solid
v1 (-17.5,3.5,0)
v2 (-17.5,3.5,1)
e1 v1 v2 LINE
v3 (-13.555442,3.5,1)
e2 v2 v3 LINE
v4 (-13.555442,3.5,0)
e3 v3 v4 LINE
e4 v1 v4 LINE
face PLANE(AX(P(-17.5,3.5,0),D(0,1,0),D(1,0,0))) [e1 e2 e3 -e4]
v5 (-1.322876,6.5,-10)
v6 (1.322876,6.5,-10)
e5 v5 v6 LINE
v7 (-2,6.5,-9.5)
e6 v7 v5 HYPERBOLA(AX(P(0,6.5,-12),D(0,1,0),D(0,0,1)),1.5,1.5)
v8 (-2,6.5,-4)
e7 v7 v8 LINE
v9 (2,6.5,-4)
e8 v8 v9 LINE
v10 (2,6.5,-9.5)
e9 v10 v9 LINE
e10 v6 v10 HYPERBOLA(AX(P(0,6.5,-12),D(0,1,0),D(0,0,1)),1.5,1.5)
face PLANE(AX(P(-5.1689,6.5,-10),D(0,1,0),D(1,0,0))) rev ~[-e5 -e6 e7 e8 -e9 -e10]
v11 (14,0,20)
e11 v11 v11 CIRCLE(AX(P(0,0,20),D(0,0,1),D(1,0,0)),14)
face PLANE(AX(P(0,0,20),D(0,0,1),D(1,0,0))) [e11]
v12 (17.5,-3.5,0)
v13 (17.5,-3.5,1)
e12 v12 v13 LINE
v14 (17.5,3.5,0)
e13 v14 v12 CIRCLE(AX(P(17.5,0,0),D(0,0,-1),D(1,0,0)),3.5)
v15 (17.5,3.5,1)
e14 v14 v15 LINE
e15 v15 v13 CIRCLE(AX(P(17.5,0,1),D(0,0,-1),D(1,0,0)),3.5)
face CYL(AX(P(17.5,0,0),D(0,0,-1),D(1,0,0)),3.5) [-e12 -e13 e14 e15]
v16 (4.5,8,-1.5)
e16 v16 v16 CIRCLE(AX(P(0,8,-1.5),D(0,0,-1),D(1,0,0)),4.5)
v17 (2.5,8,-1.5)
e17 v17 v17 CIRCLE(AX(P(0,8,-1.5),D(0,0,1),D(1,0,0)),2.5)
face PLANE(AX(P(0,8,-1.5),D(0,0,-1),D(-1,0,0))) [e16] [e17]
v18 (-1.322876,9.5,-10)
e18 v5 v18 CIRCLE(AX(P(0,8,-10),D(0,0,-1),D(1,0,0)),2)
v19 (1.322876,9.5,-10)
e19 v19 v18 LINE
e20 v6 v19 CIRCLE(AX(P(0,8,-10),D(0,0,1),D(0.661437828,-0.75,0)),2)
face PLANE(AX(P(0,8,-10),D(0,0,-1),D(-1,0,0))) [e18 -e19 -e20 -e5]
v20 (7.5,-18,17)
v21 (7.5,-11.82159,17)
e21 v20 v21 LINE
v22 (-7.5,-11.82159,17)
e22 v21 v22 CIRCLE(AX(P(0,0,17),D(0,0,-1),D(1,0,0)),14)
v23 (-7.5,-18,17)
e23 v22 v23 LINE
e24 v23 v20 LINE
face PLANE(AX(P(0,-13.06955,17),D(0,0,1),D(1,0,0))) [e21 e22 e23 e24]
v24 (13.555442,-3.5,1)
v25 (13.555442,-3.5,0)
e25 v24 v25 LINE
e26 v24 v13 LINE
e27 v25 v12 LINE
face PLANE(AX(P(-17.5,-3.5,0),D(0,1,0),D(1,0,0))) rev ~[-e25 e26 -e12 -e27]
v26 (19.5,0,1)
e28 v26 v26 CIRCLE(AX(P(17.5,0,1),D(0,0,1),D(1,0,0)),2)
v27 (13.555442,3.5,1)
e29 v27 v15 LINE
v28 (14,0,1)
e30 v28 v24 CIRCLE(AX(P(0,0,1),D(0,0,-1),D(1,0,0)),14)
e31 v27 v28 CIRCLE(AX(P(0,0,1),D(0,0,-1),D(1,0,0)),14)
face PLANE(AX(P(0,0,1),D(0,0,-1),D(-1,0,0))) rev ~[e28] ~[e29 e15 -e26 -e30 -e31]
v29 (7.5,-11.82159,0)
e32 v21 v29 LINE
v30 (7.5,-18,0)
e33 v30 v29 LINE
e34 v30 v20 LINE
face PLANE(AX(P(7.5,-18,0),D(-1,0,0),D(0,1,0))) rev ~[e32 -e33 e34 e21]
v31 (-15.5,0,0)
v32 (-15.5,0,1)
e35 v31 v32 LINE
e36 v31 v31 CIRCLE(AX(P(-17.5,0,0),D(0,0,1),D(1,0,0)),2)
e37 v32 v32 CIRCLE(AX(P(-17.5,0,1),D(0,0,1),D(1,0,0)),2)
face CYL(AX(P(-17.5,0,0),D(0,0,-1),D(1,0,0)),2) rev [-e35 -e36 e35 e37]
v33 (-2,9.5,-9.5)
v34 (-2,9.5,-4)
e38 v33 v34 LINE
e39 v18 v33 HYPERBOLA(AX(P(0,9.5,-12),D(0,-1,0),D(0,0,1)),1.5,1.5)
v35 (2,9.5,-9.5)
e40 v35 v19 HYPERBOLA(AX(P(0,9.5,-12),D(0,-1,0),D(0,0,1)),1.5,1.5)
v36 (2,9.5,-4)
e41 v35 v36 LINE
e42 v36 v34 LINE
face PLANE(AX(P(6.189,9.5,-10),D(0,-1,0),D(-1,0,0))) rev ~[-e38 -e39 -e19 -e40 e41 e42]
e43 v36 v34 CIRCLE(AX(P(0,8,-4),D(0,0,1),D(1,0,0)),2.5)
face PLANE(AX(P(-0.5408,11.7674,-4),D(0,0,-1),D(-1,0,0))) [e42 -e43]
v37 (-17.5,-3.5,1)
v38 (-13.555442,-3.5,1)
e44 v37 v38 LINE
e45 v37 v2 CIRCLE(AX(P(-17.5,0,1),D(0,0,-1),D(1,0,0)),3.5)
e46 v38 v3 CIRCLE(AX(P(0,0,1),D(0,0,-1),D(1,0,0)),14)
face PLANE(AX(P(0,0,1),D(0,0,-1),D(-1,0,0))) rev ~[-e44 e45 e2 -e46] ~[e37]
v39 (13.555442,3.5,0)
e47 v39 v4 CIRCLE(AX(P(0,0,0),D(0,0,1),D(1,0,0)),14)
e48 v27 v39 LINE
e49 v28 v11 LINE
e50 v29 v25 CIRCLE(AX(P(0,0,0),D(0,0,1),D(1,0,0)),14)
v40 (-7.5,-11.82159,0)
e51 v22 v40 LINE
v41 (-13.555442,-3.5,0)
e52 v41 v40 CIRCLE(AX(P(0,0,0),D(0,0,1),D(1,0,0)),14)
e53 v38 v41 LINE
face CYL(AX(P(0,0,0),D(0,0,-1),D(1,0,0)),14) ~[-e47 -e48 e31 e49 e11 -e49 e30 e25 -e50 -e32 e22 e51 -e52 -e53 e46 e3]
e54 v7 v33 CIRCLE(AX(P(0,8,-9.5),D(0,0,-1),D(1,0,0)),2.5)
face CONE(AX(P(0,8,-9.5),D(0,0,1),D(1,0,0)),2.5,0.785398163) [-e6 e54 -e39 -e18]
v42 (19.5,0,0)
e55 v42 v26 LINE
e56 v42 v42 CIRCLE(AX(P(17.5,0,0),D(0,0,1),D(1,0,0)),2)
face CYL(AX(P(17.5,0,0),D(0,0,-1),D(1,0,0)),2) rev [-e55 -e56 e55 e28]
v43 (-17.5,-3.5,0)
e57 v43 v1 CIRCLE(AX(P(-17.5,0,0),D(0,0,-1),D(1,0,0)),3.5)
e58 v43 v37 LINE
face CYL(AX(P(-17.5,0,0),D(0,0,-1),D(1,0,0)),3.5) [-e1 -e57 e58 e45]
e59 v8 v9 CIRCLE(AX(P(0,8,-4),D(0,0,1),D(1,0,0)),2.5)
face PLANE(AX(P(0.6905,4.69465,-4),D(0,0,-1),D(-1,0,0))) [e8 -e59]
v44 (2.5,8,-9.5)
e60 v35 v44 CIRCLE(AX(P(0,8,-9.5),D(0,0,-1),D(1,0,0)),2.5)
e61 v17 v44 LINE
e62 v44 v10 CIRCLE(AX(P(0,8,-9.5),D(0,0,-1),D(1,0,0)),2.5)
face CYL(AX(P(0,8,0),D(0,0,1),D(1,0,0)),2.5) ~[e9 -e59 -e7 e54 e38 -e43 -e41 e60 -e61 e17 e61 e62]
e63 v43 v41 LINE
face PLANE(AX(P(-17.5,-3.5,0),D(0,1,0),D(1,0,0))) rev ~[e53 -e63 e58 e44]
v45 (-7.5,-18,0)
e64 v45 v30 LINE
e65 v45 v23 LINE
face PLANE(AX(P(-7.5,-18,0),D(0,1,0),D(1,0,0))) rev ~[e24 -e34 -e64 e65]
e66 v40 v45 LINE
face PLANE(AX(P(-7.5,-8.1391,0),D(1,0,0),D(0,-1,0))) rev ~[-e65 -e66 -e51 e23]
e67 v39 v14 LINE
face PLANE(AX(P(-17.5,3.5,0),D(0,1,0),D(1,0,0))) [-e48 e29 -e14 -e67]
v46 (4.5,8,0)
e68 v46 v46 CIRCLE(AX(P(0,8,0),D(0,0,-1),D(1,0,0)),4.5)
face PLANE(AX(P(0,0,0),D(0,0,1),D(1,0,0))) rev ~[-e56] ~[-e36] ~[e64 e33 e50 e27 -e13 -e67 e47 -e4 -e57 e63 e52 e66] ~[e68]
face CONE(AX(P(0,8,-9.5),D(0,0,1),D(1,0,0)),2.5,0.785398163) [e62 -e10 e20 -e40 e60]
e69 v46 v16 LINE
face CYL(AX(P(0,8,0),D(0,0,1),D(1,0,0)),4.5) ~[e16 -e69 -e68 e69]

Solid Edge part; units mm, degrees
sketch "Sketch1" plane through (0, 0, 0) normal (0, 0, 1) x (1, 0, 0)
  circle A0 centre (0, 0) radius 14
  dimension "D1" = 28
extrude "Protrusion1" add sketch "Sketch1" along normal blind 20
sketch "Sketch2" plane through (0, 0, 0) normal (0, 0, 1) x (1, 0, 0)
  line L0 (-7.5, -18) -> (7.5, -18)
  line L1 (7.5, -18) -> (7.5, -8.1391)
  line L2 (7.5, -8.1391) -> (-7.5, -8.1391)
  line L3 (-7.5, -8.1391) -> (-7.5, -18)
  dimension "D1" = 32
  dimension "D2" = 15
extrude "ExtrudedProtrusion_2" add sketch "Sketch2" along normal blind 17
sketch "Sketch3" plane through (0, 0, 0) normal (0, 0, 1) x (1, 0, 0)
  circle A0 centre (-17.5, 0) radius 2
  circle A1 centre (17.5, 0) radius 2
  line L0 (-17.5, 3.5) -> (17.5, 3.5)
  line L1 (-17.5, -3.5) -> (17.5, -3.5)
  arc A2 (-17.5, -3.5) -> (-17.5, 3.5) centre (-17.5, 0) cw
  arc A3 (17.5, 3.5) -> (17.5, -3.5) centre (17.5, 0) cw
extrude "ExtrudedProtrusion_3" add sketch "Sketch3" along normal blind 1
sketch "Sketch4" plane through (0, -2, 0) normal (0, 0, -1) x (1, 0, 0)
  circle A0 centre (0, -10) radius 4.5
  dimension "D1" = 8
extrude "ExtrudedProtrusion_4" add sketch "Sketch4" along normal blind 1.5
sketch "Sketch5" plane through (0, -2, 0) normal (0, 0, -1) x (1, 0, 0)
  circle A0 centre (0, -10) radius 2.5
  dimension "D1" = 5
extrude "ExtrudedProtrusion_5" add sketch "Sketch5" along normal blind 10
chamfer "Letörés_1" distance 0.5 angle 45 1 edges at (-2.5, 8, -10)
sketch "Sketch6" plane through (0, 8, -10) normal (0, 0, -1) x (1, 0, 0)
  line L0 (-7.2706, -6.0348) -> (6.189, -6.0348)
  line L1 (6.189, -6.0348) -> (6.189, -1.5)
  line L2 (6.189, -1.5) -> (-7.2706, -1.5)
  line L3 (-7.2706, -1.5) -> (-7.2706, -6.0348)
  line L4 (-5.1689, 1.5) -> (6.5499, 1.5)
  line L5 (6.5499, 1.5) -> (6.5499, 5.1107)
  line L6 (6.5499, 5.1107) -> (-5.1689, 5.1107)
  line L7 (-5.1689, 5.1107) -> (-5.1689, 1.5)
  dimension "D1" = 3
  dimension "D2" = 1.5
  dimension "D3" = 1.5
extrude "ExtrudedCutout_1" cut sketch "Sketch6" against normal blind 6
